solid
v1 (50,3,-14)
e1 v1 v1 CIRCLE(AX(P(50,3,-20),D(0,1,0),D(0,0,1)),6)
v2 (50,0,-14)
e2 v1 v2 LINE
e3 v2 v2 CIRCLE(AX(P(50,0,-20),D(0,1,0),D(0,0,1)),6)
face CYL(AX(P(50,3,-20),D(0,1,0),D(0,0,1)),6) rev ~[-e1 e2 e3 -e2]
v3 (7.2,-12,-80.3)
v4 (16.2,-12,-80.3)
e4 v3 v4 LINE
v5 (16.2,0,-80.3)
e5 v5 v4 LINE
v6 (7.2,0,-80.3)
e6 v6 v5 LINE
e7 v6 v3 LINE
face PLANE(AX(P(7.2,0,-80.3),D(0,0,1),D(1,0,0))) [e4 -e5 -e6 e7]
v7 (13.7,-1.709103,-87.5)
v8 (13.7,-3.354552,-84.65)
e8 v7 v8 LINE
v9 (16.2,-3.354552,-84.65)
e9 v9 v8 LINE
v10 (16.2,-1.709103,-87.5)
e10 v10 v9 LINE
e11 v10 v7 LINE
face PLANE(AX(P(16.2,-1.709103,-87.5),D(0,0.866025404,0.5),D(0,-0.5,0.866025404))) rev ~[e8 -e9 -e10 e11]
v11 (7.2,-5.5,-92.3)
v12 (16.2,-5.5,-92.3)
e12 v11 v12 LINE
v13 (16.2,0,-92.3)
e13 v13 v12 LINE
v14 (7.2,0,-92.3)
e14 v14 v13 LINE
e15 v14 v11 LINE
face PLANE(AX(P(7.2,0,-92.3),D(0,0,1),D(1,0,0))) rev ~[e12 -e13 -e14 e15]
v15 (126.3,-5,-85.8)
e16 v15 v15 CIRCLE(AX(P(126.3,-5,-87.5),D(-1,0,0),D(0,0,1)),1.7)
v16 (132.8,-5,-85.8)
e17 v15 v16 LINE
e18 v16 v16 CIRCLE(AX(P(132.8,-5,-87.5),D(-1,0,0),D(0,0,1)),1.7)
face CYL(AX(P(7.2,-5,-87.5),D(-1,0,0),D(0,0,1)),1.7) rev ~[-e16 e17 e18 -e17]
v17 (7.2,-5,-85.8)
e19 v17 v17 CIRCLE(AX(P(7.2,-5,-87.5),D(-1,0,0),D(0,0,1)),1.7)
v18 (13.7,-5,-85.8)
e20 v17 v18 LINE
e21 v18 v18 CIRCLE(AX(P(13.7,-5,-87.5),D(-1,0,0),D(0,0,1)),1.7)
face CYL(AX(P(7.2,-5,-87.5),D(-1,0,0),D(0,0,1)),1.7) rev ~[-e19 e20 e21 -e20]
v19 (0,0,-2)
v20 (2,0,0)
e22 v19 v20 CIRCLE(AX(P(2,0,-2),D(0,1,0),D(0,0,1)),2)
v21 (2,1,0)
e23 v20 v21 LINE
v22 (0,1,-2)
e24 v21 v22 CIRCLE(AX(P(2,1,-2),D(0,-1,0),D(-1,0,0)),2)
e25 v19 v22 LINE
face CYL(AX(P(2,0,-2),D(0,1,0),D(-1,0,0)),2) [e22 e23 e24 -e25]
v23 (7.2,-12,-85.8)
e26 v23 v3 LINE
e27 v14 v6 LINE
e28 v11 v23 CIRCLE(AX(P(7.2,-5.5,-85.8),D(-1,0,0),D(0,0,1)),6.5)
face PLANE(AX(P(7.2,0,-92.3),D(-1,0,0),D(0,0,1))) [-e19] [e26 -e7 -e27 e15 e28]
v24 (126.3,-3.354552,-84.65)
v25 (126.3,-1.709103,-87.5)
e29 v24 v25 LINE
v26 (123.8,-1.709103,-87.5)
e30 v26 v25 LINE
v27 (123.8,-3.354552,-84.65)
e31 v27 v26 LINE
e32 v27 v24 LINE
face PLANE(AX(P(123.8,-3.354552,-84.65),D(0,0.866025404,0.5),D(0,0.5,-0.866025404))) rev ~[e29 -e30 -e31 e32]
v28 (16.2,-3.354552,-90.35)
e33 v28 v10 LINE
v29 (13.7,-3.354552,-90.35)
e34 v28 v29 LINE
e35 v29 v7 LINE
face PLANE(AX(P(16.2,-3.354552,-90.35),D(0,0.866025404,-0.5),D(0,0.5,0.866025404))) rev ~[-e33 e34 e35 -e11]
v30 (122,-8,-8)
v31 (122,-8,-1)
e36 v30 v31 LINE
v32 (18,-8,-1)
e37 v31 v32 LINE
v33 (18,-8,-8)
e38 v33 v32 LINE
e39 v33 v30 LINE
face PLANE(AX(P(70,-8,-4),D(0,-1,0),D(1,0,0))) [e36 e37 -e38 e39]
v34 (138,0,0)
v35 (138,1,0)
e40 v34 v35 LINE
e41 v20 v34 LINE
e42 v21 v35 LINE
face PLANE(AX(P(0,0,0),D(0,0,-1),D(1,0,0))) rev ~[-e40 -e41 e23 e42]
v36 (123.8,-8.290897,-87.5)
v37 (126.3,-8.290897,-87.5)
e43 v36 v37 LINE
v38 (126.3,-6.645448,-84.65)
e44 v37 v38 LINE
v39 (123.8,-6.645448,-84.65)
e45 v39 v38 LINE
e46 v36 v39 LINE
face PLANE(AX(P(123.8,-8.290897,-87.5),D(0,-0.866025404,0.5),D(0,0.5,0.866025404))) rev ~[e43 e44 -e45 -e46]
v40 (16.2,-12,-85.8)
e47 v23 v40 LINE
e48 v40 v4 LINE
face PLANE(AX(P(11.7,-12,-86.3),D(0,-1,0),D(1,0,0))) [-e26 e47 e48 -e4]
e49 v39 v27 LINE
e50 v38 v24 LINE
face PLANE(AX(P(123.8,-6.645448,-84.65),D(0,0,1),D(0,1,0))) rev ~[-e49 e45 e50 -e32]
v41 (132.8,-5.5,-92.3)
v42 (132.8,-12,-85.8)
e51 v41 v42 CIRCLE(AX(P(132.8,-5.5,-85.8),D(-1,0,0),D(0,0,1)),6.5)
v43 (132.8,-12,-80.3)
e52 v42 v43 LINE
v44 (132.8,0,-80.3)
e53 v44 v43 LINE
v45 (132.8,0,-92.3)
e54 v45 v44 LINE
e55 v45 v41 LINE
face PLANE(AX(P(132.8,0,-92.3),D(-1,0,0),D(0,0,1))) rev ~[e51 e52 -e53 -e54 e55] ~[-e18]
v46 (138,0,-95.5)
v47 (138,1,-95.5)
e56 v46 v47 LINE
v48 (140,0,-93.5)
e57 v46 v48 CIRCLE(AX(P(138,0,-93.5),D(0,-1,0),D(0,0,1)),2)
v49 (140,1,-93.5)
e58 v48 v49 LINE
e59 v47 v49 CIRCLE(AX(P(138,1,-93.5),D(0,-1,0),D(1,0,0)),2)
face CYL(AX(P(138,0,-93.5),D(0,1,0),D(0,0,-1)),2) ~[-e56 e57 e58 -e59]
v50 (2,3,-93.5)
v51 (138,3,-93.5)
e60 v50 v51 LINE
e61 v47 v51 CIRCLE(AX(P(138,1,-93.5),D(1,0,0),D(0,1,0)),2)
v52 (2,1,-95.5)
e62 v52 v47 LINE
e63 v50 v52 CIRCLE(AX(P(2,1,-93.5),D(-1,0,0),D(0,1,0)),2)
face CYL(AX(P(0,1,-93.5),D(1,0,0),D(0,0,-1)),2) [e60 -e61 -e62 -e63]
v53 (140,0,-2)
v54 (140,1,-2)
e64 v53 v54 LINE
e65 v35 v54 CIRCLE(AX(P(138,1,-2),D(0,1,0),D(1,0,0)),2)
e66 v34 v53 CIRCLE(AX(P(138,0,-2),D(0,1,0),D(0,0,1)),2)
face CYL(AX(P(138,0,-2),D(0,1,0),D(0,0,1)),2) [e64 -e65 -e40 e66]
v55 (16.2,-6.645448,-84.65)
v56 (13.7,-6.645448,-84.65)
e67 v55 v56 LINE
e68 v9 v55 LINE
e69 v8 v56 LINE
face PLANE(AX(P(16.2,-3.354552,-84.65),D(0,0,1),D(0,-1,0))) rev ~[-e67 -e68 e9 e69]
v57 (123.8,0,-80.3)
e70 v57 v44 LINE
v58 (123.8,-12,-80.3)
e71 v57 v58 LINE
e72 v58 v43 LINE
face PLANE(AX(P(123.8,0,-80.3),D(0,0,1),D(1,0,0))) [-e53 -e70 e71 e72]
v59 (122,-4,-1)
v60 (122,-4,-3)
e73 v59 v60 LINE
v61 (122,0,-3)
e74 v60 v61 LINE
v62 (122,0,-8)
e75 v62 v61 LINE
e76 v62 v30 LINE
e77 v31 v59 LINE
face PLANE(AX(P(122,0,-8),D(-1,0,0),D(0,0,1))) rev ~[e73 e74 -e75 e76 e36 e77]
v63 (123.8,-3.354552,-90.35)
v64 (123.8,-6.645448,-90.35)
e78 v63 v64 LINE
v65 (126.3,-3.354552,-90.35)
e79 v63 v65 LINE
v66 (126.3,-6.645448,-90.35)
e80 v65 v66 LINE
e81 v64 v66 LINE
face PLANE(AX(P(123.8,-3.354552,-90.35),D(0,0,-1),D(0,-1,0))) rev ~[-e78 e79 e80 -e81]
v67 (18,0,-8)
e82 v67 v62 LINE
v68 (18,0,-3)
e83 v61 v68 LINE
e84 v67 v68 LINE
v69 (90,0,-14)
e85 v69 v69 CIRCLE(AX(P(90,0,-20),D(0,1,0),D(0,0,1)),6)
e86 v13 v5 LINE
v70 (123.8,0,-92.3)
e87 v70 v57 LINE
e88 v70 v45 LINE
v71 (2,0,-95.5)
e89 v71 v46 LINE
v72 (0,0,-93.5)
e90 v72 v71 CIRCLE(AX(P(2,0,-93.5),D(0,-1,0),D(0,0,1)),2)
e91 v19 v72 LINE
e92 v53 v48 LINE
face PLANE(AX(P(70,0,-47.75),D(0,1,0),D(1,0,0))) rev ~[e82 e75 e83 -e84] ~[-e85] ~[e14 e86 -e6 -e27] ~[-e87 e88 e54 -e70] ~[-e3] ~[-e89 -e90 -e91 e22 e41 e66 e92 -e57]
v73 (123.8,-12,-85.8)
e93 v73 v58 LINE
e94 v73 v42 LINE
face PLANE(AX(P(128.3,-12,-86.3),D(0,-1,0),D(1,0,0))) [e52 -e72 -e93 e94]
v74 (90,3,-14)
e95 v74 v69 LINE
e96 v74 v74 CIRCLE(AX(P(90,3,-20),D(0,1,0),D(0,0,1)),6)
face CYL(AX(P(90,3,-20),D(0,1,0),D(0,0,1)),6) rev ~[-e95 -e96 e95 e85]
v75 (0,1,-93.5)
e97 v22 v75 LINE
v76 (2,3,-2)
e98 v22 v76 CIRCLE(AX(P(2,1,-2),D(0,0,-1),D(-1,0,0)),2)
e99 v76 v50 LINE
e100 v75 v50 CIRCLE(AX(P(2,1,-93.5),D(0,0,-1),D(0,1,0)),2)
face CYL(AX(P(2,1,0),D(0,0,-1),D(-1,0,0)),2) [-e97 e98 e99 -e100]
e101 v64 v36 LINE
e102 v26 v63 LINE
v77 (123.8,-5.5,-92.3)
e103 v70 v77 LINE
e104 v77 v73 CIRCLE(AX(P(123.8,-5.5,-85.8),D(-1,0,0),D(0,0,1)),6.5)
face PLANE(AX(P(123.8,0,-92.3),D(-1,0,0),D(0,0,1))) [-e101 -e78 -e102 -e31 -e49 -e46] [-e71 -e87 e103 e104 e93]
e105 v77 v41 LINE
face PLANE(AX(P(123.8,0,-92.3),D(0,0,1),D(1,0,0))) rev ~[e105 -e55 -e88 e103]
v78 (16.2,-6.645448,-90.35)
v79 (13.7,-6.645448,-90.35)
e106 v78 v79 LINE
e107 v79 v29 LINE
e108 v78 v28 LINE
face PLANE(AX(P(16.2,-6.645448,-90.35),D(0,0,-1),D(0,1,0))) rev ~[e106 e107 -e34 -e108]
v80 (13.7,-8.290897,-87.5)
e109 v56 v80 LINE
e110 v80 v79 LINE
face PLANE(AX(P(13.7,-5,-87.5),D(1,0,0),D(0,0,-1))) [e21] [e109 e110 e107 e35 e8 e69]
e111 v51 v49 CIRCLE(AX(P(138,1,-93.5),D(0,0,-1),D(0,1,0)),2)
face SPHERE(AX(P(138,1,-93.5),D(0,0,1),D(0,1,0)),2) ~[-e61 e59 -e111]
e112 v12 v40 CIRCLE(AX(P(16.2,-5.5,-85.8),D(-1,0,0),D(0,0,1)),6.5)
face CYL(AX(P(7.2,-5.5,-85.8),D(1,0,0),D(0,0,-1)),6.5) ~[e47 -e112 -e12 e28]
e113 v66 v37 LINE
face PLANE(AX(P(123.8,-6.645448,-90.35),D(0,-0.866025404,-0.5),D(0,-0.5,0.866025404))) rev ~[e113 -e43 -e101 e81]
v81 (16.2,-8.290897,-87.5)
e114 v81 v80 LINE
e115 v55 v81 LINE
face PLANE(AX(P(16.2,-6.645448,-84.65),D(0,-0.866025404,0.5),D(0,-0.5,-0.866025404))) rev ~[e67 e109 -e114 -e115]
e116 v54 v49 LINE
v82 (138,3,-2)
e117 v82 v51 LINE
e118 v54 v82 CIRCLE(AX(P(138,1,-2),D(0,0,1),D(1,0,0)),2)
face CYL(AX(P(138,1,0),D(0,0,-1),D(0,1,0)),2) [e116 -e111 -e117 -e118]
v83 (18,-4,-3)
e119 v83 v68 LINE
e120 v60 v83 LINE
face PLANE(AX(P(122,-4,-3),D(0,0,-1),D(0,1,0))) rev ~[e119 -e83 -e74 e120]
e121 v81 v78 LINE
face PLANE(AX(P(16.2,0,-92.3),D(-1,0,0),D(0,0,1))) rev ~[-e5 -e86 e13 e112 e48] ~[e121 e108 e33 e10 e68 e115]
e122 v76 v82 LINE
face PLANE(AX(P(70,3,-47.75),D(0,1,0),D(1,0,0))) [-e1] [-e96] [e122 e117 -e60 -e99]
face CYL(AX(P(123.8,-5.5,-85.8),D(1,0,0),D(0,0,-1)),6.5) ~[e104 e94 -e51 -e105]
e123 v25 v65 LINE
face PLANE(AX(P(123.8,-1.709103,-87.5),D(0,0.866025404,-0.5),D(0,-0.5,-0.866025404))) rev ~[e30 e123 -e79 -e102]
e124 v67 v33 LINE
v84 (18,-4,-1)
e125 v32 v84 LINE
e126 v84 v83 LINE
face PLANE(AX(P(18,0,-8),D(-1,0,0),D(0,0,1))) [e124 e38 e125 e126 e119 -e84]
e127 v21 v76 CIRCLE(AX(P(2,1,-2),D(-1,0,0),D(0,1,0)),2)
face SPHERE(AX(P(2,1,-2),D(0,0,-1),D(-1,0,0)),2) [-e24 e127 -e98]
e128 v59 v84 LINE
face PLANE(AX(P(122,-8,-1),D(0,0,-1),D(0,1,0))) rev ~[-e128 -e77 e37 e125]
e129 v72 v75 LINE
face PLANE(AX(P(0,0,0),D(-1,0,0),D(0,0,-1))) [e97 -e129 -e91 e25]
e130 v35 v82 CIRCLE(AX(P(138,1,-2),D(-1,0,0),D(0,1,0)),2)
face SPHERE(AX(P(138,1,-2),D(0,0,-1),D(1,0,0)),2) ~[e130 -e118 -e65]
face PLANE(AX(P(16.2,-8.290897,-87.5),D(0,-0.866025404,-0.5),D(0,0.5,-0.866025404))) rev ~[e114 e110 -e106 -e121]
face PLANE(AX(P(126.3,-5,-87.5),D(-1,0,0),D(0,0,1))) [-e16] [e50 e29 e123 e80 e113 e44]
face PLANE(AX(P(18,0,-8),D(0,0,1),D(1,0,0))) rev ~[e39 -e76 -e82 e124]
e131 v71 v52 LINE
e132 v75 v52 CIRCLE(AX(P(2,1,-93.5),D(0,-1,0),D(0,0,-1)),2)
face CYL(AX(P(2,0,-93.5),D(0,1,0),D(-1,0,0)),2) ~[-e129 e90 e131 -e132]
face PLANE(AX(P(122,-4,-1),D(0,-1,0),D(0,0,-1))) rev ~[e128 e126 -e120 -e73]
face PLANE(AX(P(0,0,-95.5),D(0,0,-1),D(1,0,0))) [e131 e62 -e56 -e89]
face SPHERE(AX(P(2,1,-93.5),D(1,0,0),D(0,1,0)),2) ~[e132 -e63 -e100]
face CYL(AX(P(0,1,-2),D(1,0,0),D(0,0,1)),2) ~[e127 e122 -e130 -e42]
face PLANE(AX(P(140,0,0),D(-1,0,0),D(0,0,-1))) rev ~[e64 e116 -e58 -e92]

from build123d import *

# Parameters (mm, degrees)
SCHIZZO1_W                   = 140
SCHIZZO1_H                   = 95.5
ESTRUSIONE_ESTRUSIONE1_DEPTH = 3
SCHIZZO2_R                   = 6
TAGLIO_ESTRUSIONE1_DEPTH     = 3
SCHIZZO3_W                   = 104
SCHIZZO3_H                   = 8
ESTRUSIONE_ESTRUSIONE2_DEPTH = 8
TAGLIO_ESTRUSIONE2_DEPTH     = 104
SCHIZZO5_W                   = 9
SCHIZZO5_H                   = 12
ESTRUSIONE_ESTRUSIONE3_DEPTH = 12
RACCORDO1_R                  = 2
RACCORDO2_R                  = 6.5
SCHIZZO6_R                   = 1.7
TAGLIO_ESTRUSIONE3_DEPTH     = 165.012469038
TAGLIO_ESTRUSIONE4_DEPTH     = 2.5
TAGLIO_ESTRUSIONE5_DEPTH     = 2.5


with BuildPart() as part:
    # Schizzo1 → Estrusione-Estrusione1 (new body)
    with BuildSketch(Plane(origin=(0, 0, 0), x_dir=(1, 0, 0), z_dir=(0, 1, 0))):
        with Locations((70, 47.75)):
            Rectangle(SCHIZZO1_W, SCHIZZO1_H)
    extrude(amount=ESTRUSIONE_ESTRUSIONE1_DEPTH)

    # Schizzo2 → Taglio-Estrusione1 (cut)
    with BuildSketch(Plane(origin=(0, 3, 0), x_dir=(1, 0, 0), z_dir=(0, 1, 0))):
        with Locations(Location((50, 20, 0), (0, 0, 270))):
            Circle(SCHIZZO2_R)
        with Locations(Location((90, 20, 0), (0, 0, 270))):
            Circle(SCHIZZO2_R)
    extrude(amount=-TAGLIO_ESTRUSIONE1_DEPTH, mode=Mode.SUBTRACT)

    # Schizzo3 → Estrusione-Estrusione2 (add)
    with BuildSketch(Plane.XZ):
        with Locations((70, -4)):
            Rectangle(SCHIZZO3_W, SCHIZZO3_H)
    extrude(amount=ESTRUSIONE_ESTRUSIONE2_DEPTH)

    # Schizzo4 → Taglio-Estrusione2 (cut)
    with BuildSketch(Plane(origin=(122, 0, 0), x_dir=(0, 0, -1), z_dir=(1, 0, 0))):
        Polygon((0, 0), (0, -8), (1, -8), (1, -4), (3, -4), (3, 0), align=None)
    extrude(amount=-TAGLIO_ESTRUSIONE2_DEPTH, mode=Mode.SUBTRACT)

    # Schizzo5 → Estrusione-Estrusione3 (add)
    with BuildSketch(Plane.XZ):
        with Locations((11.7, -86.3)):
            Rectangle(SCHIZZO5_W, SCHIZZO5_H)
        with Locations((128.3, -86.3)):
            Rectangle(SCHIZZO5_W, SCHIZZO5_H)
    extrude(amount=ESTRUSIONE_ESTRUSIONE3_DEPTH)

    # Raccordo1
    raccordo1_edges = [part.edges().sort_by_distance(p)[0] for p in [
        (140, 3, -47.75),
        (70, 3, -95.5),
        (0, 3, -47.75),
        (0, 1.5, -95.5),
        (140, 1.5, -95.5),
        (140, 1.5, 0),
        (0, 1.5, 0),
        (70, 3, 0),
    ]]
    fillet(raccordo1_edges, radius=RACCORDO1_R)

    # Raccordo2
    raccordo2_edges = [part.edges().sort_by_distance(p)[0] for p in [
        (11.7, -12, -92.3),
        (128.3, -12, -92.3),
    ]]
    fillet(raccordo2_edges, radius=RACCORDO2_R)

    # Schizzo6 → Taglio-Estrusione3 (cut, through all)
    with BuildSketch(Plane.ZY.offset(-7.2)):
        with Locations((-87.5, -5)):
            Circle(SCHIZZO6_R)
    extrude(amount=-TAGLIO_ESTRUSIONE3_DEPTH, mode=Mode.SUBTRACT)

    # Schizzo7 → Taglio-Estrusione4 (cut)
    with BuildSketch(Plane.ZY.offset(-123.8)):
        Polygon((-90.35, -6.645448267), (-87.5, -8.290896534), (-84.65, -6.645448267), (-84.65, -3.354551733), (-87.5, -1.709103466), (-90.35, -3.354551733), align=None)
    extrude(amount=-TAGLIO_ESTRUSIONE4_DEPTH, mode=Mode.SUBTRACT)

    # Schizzo8 → Taglio-Estrusione5 (cut)
    with BuildSketch(Plane(origin=(16.2, 0, 0), x_dir=(0, 0, -1), z_dir=(1, 0, 0))):
        Polygon((84.65, -6.645448267), (87.5, -8.290896534), (90.35, -6.645448267), (90.35, -3.354551733), (87.5, -1.709103466), (84.65, -3.354551733), align=None)
    extrude(amount=-TAGLIO_ESTRUSIONE5_DEPTH, mode=Mode.SUBTRACT)


solid = part.part
